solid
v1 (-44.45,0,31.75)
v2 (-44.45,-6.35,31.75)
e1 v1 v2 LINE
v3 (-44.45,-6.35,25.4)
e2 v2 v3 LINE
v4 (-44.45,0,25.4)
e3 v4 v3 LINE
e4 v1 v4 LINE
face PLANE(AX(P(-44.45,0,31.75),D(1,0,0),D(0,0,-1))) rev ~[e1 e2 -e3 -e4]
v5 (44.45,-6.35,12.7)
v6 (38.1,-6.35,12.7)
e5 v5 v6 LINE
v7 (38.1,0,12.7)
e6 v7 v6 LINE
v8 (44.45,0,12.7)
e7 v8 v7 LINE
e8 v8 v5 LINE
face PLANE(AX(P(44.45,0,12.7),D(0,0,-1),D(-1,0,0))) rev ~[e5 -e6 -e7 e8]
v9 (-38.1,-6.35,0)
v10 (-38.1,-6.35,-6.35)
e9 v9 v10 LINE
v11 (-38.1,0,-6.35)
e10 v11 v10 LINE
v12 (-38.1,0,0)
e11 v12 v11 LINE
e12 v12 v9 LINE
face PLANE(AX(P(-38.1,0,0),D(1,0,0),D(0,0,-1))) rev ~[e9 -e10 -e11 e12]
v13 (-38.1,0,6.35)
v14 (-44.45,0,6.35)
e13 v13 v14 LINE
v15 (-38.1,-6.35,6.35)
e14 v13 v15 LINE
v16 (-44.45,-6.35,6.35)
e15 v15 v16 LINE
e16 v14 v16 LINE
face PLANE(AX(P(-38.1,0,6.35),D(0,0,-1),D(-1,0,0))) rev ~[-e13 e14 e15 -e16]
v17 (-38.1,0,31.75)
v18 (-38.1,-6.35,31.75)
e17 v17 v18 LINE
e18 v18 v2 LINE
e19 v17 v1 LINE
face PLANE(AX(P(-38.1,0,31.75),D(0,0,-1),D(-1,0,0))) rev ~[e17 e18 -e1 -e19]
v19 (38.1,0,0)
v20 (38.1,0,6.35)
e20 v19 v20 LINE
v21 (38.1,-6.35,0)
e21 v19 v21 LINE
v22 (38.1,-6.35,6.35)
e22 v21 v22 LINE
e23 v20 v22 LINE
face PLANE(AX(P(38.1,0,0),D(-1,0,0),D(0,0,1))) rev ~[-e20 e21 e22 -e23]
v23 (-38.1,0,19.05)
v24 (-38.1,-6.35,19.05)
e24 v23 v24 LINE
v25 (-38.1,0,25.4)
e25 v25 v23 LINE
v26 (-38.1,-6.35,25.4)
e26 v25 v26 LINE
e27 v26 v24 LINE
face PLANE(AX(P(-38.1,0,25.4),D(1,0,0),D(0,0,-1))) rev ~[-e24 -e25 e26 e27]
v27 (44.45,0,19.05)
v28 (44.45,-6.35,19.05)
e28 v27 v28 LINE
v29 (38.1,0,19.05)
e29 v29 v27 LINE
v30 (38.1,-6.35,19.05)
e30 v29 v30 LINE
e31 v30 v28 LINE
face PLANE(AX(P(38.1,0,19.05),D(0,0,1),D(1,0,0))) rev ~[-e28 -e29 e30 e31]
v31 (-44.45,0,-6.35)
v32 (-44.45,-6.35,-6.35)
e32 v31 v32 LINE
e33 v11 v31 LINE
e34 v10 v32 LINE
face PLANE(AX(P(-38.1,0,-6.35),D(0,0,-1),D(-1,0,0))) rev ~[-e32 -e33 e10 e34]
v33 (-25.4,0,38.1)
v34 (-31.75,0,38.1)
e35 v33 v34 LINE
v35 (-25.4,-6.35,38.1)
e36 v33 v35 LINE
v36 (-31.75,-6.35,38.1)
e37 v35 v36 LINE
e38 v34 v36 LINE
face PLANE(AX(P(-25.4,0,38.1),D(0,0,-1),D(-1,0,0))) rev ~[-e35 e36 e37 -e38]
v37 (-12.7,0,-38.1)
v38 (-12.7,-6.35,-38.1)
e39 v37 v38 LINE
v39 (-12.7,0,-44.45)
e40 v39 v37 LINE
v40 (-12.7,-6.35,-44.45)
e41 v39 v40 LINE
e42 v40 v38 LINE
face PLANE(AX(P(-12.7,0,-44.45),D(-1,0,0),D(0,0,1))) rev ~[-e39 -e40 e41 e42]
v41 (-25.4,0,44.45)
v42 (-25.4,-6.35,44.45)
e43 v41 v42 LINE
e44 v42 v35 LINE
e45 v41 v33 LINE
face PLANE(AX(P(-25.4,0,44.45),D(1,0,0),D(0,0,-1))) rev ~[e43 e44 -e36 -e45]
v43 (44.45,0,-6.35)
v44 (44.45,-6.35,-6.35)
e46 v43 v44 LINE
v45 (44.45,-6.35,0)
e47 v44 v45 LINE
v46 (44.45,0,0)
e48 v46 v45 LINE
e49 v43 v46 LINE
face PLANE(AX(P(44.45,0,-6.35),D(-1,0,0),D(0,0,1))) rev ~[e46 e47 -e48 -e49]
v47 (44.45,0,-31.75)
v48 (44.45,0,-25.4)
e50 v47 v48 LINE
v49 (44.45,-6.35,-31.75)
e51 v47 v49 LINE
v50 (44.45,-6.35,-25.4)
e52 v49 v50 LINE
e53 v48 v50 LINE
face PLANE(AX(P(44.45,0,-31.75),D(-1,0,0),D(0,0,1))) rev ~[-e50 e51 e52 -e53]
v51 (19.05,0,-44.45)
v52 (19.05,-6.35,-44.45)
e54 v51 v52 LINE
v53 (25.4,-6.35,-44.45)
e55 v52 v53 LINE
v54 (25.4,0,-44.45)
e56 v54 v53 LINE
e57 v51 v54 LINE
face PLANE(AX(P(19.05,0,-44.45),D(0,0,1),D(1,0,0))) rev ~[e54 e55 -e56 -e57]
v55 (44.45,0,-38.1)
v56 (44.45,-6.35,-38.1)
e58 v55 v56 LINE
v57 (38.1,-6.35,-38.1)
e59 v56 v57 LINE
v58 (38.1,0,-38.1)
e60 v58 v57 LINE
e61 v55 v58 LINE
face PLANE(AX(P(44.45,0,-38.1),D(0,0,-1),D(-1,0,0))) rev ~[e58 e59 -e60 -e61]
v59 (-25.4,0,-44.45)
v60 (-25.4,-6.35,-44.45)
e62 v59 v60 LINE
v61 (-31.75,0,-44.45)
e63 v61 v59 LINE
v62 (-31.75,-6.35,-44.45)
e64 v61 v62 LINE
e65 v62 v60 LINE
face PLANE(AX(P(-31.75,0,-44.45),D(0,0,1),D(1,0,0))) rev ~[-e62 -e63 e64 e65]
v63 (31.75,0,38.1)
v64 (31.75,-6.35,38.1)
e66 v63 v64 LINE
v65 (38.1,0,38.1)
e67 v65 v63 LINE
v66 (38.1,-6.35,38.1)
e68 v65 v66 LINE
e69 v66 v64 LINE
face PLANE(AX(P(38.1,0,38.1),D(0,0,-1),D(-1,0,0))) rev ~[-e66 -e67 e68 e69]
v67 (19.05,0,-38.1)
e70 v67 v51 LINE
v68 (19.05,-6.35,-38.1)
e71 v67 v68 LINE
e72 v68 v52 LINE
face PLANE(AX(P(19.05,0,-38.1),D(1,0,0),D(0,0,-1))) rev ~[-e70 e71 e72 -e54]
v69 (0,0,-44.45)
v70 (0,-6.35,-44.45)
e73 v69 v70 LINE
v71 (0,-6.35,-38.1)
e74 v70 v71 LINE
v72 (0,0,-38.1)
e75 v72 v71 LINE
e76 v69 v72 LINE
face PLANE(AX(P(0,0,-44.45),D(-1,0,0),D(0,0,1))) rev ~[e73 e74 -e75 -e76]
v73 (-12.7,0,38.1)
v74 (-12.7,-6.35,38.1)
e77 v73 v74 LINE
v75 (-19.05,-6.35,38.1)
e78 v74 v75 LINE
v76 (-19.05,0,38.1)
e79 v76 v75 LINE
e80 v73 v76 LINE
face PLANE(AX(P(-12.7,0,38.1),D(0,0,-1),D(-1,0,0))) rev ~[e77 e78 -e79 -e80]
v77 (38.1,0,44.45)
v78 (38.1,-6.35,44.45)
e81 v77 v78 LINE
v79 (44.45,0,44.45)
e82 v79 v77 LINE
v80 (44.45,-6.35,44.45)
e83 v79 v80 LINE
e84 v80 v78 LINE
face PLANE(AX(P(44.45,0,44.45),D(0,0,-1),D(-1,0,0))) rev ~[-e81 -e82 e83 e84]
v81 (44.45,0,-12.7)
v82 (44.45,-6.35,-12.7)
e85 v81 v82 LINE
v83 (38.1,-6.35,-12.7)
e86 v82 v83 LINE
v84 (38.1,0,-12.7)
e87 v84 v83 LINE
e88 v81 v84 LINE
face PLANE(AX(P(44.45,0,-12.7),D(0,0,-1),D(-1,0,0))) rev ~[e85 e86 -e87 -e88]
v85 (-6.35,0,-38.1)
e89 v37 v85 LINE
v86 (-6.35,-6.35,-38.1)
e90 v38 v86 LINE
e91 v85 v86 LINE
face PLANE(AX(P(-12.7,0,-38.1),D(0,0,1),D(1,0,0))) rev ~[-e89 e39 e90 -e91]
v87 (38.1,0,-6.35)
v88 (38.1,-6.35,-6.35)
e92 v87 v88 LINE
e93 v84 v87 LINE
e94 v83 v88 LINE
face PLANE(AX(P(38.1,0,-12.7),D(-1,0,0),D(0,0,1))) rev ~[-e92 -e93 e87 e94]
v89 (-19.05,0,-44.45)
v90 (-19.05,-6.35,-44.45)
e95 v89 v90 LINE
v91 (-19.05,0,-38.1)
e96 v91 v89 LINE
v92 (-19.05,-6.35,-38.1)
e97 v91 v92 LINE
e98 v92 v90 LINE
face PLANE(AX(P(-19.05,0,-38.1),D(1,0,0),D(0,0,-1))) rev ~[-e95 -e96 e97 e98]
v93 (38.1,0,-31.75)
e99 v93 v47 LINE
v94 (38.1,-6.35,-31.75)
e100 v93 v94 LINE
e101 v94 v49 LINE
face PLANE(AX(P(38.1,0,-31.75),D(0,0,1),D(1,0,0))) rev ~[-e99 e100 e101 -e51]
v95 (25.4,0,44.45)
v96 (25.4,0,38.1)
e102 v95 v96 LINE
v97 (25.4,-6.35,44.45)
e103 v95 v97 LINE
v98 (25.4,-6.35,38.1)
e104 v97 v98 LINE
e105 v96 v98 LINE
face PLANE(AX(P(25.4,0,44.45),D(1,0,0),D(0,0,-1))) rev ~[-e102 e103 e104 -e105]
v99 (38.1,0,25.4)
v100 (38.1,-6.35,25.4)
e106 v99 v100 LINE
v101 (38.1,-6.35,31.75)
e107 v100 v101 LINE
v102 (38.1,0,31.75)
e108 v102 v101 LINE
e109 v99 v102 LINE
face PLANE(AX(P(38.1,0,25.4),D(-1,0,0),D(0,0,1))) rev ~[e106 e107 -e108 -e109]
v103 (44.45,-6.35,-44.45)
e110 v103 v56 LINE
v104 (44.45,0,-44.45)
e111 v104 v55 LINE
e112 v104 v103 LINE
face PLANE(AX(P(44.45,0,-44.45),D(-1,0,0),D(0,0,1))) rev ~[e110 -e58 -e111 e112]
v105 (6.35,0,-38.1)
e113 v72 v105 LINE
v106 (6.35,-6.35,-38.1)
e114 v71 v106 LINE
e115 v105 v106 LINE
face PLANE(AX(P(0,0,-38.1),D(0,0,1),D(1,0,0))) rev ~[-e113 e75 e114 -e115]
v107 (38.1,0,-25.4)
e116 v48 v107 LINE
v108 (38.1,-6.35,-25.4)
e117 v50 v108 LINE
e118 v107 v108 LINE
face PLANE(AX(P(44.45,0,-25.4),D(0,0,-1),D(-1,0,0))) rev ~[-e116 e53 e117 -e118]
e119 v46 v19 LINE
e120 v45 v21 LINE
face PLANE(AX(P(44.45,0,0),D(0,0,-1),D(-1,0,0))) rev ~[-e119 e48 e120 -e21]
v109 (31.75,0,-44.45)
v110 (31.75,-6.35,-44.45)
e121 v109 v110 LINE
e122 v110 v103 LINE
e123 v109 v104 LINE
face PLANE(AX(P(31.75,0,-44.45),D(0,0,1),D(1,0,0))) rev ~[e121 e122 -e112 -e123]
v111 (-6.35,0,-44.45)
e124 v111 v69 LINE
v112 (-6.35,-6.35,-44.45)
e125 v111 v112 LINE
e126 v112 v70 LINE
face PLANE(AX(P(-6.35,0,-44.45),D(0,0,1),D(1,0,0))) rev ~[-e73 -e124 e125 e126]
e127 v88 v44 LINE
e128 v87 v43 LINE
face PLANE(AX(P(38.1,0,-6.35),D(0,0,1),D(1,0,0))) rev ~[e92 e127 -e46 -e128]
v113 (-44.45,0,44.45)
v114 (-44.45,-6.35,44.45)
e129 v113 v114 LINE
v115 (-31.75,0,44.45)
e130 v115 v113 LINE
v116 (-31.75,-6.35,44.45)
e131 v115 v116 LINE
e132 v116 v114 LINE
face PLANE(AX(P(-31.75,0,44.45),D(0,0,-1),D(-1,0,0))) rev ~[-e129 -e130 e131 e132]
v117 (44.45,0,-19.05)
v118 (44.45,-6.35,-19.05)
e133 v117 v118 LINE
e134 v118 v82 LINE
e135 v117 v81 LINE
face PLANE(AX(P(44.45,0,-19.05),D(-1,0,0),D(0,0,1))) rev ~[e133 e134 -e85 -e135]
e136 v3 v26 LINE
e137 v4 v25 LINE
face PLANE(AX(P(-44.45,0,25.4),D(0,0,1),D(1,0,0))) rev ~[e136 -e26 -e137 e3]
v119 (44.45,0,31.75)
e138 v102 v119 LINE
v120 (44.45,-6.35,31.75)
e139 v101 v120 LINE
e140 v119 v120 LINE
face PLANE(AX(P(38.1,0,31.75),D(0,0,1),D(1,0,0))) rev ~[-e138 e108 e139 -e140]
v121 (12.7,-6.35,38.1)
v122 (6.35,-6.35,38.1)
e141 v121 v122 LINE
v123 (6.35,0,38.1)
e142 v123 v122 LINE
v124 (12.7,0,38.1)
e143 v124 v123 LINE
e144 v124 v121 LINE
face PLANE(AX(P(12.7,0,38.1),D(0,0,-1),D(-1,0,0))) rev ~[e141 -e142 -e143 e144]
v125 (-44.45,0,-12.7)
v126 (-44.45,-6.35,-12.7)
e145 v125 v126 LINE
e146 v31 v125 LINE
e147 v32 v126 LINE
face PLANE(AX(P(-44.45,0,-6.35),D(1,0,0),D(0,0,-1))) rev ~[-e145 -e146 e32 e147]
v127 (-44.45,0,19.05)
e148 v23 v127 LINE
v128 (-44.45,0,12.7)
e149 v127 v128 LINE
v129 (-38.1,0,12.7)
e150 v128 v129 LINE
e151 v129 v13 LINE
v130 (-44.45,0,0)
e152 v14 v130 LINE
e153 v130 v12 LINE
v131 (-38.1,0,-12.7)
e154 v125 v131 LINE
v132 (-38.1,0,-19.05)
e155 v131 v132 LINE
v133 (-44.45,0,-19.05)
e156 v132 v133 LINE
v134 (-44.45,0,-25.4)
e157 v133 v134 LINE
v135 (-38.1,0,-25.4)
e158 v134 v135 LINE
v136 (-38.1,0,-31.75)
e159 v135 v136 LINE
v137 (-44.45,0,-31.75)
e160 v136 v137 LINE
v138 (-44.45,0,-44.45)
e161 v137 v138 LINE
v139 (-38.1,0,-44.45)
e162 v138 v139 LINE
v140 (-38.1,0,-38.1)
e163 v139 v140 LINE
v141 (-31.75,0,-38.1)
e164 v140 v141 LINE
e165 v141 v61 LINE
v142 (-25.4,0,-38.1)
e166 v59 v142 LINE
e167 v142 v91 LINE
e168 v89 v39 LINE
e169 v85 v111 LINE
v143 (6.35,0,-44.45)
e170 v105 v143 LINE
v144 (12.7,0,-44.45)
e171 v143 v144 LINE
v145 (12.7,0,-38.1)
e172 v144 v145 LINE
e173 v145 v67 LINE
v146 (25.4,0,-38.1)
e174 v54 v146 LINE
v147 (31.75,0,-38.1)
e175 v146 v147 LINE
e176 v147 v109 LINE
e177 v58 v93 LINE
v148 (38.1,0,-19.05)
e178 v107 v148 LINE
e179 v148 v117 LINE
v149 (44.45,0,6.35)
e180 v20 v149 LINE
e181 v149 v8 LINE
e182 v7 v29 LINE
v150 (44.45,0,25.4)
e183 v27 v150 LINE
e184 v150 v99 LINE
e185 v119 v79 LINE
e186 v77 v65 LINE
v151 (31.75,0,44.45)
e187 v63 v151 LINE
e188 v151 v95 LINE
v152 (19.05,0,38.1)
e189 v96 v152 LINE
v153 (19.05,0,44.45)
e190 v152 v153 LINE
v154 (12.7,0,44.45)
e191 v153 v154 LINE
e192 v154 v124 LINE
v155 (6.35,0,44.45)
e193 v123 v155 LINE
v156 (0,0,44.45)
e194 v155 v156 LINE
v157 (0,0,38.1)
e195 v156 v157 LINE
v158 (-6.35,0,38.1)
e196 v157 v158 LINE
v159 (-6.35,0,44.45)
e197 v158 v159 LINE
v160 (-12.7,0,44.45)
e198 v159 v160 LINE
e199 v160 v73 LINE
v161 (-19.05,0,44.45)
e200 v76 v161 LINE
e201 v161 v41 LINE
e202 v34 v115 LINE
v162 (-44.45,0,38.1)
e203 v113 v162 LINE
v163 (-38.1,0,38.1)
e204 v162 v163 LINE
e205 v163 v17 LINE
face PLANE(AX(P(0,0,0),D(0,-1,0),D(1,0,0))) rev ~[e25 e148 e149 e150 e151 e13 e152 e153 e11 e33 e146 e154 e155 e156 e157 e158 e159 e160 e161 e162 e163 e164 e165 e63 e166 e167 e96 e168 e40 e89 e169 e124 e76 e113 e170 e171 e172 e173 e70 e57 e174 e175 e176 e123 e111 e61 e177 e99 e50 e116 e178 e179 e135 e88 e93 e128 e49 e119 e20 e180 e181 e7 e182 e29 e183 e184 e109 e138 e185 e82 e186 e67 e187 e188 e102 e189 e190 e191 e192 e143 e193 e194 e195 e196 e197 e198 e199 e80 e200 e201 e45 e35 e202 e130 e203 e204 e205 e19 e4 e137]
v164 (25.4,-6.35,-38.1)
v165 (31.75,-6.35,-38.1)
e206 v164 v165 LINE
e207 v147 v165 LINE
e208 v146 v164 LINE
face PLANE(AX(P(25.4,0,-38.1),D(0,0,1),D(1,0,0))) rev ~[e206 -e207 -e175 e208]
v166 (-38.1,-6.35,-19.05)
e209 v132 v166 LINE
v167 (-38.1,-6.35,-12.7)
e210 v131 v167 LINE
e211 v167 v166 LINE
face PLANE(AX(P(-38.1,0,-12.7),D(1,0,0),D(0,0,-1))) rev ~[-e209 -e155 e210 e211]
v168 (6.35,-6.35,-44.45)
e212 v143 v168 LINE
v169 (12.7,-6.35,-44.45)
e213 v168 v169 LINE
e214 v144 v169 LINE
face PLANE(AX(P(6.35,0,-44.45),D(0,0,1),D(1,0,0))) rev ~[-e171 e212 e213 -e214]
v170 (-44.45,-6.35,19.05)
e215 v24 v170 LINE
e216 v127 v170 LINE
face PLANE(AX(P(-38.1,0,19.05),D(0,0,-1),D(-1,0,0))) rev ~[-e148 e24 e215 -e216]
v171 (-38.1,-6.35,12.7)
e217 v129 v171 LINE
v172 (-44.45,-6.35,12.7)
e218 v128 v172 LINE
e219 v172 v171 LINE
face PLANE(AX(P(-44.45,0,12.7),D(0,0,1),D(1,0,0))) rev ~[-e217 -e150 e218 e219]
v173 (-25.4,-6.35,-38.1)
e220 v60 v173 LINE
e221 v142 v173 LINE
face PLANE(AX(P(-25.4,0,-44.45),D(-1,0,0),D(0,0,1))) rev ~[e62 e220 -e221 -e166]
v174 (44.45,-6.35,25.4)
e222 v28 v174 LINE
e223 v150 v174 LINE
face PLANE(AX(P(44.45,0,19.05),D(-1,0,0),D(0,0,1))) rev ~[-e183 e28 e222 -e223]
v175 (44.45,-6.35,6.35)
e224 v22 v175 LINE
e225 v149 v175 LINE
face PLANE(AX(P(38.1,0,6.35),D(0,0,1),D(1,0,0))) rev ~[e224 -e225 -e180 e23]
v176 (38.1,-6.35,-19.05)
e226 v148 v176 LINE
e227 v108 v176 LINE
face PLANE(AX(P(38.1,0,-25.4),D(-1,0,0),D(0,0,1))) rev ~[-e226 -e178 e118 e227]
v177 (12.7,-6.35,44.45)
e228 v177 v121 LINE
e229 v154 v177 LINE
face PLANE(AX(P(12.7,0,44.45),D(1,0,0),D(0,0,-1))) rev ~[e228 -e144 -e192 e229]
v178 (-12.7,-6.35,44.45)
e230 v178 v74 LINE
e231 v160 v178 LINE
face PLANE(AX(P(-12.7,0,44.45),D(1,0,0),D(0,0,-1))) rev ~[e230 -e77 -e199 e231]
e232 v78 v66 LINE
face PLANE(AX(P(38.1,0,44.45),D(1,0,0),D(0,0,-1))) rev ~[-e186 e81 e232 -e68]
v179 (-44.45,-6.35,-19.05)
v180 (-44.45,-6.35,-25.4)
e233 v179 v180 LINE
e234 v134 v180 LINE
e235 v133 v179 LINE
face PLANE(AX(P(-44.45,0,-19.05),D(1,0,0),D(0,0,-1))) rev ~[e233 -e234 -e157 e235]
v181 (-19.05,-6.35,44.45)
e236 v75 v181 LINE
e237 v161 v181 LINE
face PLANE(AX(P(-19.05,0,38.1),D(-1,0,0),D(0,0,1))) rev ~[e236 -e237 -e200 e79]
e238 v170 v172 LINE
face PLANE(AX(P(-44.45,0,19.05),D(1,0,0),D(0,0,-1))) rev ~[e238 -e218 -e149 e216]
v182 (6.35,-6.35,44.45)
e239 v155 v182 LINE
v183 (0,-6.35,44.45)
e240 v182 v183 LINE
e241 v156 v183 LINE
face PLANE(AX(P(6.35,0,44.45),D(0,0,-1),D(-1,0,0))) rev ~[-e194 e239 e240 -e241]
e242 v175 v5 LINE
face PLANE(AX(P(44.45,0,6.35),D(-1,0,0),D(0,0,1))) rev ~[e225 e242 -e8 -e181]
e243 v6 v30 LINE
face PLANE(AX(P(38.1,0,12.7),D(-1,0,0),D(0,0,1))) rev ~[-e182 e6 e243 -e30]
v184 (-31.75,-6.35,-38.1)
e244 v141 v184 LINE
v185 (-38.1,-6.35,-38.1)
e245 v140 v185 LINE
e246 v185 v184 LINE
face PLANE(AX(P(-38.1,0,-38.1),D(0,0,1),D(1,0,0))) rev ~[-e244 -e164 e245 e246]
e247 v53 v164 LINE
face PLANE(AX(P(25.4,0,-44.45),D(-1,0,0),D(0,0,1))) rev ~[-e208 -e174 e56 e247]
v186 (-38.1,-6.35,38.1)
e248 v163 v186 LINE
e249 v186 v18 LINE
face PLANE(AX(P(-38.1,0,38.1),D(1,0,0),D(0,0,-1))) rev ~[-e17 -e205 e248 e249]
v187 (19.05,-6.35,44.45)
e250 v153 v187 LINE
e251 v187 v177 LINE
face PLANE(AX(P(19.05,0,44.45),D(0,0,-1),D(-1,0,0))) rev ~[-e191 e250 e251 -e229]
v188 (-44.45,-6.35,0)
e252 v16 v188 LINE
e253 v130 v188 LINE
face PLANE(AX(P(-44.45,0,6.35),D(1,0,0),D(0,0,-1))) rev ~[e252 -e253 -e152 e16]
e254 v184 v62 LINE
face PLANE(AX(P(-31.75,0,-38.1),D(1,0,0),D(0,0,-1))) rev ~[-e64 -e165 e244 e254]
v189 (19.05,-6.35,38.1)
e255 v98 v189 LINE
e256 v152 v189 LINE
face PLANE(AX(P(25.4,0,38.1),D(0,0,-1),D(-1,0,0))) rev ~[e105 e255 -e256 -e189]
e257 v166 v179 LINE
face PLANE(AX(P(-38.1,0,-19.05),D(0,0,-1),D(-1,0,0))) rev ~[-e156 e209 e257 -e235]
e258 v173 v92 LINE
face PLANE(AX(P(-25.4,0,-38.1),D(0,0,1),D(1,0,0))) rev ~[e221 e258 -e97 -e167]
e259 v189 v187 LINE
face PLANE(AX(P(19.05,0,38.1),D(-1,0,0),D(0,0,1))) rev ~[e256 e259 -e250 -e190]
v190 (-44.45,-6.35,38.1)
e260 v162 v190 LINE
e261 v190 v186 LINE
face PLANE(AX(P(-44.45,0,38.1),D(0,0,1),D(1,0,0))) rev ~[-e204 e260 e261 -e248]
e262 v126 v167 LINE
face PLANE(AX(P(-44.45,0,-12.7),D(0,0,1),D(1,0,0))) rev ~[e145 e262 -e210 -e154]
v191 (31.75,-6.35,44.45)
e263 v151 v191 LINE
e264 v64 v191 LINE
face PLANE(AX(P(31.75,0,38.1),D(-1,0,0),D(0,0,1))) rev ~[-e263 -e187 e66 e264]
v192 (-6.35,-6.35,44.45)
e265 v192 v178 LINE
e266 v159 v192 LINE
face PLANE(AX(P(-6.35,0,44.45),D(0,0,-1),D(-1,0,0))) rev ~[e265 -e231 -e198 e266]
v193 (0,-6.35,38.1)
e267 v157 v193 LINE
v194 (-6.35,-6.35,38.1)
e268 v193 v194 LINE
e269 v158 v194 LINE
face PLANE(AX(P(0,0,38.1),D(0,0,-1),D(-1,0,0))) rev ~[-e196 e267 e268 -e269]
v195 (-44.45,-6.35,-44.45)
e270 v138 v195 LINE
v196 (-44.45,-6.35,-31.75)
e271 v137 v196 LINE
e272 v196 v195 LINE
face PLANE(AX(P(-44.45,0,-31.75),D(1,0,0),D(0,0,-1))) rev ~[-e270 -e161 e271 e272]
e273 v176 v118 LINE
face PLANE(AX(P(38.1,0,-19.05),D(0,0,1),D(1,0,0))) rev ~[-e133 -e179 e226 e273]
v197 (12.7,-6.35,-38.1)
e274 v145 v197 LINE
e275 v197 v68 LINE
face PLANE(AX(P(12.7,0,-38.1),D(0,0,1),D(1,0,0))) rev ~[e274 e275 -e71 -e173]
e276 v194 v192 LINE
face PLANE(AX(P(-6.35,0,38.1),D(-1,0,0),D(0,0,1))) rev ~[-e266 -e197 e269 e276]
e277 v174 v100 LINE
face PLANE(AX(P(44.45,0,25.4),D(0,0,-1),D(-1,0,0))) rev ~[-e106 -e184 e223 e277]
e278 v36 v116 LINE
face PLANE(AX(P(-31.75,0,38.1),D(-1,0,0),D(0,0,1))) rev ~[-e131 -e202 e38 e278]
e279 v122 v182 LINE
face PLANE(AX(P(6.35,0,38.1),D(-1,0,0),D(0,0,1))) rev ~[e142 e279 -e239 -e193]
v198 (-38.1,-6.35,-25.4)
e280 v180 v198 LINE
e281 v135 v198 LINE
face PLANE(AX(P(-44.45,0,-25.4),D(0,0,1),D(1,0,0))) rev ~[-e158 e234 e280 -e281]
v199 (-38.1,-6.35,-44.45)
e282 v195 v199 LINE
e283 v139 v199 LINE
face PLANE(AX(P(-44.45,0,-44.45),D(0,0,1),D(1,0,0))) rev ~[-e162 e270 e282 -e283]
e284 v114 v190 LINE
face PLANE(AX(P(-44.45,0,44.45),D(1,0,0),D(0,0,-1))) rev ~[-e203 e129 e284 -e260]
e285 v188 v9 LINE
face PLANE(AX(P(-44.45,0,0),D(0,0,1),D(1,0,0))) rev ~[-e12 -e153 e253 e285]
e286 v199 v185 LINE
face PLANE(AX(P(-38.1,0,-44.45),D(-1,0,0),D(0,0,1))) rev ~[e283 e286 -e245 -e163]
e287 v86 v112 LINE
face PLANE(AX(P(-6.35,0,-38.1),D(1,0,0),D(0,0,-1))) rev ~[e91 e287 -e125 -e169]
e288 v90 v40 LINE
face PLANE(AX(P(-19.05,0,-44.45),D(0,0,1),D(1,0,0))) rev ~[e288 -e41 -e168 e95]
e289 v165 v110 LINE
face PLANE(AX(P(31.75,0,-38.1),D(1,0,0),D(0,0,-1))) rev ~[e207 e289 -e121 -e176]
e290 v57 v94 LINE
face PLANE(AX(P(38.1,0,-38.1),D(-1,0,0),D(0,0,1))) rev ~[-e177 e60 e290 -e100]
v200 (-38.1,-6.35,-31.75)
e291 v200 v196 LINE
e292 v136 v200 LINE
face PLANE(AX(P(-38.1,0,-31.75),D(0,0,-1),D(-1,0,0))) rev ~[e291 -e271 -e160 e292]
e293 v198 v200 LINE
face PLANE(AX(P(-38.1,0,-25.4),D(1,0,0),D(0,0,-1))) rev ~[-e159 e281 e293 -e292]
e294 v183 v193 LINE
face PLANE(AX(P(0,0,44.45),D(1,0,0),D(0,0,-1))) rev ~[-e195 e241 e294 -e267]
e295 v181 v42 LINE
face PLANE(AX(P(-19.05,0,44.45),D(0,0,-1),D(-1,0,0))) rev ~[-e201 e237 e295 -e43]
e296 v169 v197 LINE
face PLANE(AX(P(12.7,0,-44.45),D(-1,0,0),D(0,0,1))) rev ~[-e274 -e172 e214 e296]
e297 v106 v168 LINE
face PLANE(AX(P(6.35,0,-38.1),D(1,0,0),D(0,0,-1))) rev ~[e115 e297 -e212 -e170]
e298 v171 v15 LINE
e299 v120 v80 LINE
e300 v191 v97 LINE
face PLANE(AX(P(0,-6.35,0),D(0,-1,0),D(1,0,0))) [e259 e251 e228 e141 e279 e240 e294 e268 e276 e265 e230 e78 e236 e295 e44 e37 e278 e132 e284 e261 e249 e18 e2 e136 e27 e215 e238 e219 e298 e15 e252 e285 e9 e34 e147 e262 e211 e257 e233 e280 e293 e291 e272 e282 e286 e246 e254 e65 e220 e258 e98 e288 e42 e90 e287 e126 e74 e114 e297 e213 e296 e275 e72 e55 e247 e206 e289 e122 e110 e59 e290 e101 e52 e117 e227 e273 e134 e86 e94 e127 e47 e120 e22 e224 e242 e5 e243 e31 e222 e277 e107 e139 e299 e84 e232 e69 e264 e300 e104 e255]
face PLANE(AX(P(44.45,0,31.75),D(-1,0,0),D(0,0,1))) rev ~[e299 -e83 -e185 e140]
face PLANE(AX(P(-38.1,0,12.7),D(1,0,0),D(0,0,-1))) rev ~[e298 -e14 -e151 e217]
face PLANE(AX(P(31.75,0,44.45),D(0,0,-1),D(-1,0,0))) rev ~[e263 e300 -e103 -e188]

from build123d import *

# Parameters (mm, degrees)
F1_DEPTH = 6.35


with BuildPart() as f1:
    # F0 (on Front) → F1 (new body)
    with BuildSketch(Plane.XZ):
        Polygon((38.1, 44.45), (38.1, 38.1), (31.75, 38.1), (31.75, 44.45), (25.4, 44.45), (25.4, 38.1), (19.05, 38.1), (19.05, 44.45), (12.7, 44.45), (12.7, 38.1), (6.35, 38.1), (6.35, 44.45), (0, 44.45), (0, 38.1), (-6.35, 38.1), (-6.35, 44.45), (-12.7, 44.45), (-12.7, 38.1), (-19.05, 38.1), (-19.05, 44.45), (-25.4, 44.45), (-25.4, 38.1), (-31.75, 38.1), (-31.75, 44.45), (-44.45, 44.45), (-44.45, 38.1), (-38.1, 38.1), (-38.1, 31.75), (-44.45, 31.75), (-44.45, 25.4), (-38.1, 25.4), (-38.1, 19.05), (-44.45, 19.05), (-44.45, 12.7), (-38.1, 12.7), (-38.1, 6.35), (-44.45, 6.35), (-44.45, 0), (-38.1, 0), (-38.1, -6.35), (-44.45, -6.35), (-44.45, -12.7), (-38.1, -12.7), (-38.1, -19.05), (-44.45, -19.05), (-44.45, -25.4), (-38.1, -25.4), (-38.1, -31.75), (-44.45, -31.75), (-44.45, -44.45), (-38.1, -44.45), (-38.1, -38.1), (-31.75, -38.1), (-31.75, -44.45), (-25.4, -44.45), (-25.4, -38.1), (-19.05, -38.1), (-19.05, -44.45), (-12.7, -44.45), (-12.7, -38.1), (-6.35, -38.1), (-6.35, -44.45), (0, -44.45), (0, -38.1), (6.35, -38.1), (6.35, -44.45), (12.7, -44.45), (12.7, -38.1), (19.05, -38.1), (19.05, -44.45), (25.4, -44.45), (25.4, -38.1), (31.75, -38.1), (31.75, -44.45), (44.45, -44.45), (44.45, -38.1), (38.1, -38.1), (38.1, -31.75), (44.45, -31.75), (44.45, -25.4), (38.1, -25.4), (38.1, -19.05), (44.45, -19.05), (44.45, -12.7), (38.1, -12.7), (38.1, -6.35), (44.45, -6.35), (44.45, 0), (38.1, 0), (38.1, 6.35), (44.45, 6.35), (44.45, 12.7), (38.1, 12.7), (38.1, 19.05), (44.45, 19.05), (44.45, 25.4), (38.1, 25.4), (38.1, 31.75), (44.45, 31.75), (44.45, 44.45), align=None)
    extrude(amount=F1_DEPTH)


solid = f1.part
